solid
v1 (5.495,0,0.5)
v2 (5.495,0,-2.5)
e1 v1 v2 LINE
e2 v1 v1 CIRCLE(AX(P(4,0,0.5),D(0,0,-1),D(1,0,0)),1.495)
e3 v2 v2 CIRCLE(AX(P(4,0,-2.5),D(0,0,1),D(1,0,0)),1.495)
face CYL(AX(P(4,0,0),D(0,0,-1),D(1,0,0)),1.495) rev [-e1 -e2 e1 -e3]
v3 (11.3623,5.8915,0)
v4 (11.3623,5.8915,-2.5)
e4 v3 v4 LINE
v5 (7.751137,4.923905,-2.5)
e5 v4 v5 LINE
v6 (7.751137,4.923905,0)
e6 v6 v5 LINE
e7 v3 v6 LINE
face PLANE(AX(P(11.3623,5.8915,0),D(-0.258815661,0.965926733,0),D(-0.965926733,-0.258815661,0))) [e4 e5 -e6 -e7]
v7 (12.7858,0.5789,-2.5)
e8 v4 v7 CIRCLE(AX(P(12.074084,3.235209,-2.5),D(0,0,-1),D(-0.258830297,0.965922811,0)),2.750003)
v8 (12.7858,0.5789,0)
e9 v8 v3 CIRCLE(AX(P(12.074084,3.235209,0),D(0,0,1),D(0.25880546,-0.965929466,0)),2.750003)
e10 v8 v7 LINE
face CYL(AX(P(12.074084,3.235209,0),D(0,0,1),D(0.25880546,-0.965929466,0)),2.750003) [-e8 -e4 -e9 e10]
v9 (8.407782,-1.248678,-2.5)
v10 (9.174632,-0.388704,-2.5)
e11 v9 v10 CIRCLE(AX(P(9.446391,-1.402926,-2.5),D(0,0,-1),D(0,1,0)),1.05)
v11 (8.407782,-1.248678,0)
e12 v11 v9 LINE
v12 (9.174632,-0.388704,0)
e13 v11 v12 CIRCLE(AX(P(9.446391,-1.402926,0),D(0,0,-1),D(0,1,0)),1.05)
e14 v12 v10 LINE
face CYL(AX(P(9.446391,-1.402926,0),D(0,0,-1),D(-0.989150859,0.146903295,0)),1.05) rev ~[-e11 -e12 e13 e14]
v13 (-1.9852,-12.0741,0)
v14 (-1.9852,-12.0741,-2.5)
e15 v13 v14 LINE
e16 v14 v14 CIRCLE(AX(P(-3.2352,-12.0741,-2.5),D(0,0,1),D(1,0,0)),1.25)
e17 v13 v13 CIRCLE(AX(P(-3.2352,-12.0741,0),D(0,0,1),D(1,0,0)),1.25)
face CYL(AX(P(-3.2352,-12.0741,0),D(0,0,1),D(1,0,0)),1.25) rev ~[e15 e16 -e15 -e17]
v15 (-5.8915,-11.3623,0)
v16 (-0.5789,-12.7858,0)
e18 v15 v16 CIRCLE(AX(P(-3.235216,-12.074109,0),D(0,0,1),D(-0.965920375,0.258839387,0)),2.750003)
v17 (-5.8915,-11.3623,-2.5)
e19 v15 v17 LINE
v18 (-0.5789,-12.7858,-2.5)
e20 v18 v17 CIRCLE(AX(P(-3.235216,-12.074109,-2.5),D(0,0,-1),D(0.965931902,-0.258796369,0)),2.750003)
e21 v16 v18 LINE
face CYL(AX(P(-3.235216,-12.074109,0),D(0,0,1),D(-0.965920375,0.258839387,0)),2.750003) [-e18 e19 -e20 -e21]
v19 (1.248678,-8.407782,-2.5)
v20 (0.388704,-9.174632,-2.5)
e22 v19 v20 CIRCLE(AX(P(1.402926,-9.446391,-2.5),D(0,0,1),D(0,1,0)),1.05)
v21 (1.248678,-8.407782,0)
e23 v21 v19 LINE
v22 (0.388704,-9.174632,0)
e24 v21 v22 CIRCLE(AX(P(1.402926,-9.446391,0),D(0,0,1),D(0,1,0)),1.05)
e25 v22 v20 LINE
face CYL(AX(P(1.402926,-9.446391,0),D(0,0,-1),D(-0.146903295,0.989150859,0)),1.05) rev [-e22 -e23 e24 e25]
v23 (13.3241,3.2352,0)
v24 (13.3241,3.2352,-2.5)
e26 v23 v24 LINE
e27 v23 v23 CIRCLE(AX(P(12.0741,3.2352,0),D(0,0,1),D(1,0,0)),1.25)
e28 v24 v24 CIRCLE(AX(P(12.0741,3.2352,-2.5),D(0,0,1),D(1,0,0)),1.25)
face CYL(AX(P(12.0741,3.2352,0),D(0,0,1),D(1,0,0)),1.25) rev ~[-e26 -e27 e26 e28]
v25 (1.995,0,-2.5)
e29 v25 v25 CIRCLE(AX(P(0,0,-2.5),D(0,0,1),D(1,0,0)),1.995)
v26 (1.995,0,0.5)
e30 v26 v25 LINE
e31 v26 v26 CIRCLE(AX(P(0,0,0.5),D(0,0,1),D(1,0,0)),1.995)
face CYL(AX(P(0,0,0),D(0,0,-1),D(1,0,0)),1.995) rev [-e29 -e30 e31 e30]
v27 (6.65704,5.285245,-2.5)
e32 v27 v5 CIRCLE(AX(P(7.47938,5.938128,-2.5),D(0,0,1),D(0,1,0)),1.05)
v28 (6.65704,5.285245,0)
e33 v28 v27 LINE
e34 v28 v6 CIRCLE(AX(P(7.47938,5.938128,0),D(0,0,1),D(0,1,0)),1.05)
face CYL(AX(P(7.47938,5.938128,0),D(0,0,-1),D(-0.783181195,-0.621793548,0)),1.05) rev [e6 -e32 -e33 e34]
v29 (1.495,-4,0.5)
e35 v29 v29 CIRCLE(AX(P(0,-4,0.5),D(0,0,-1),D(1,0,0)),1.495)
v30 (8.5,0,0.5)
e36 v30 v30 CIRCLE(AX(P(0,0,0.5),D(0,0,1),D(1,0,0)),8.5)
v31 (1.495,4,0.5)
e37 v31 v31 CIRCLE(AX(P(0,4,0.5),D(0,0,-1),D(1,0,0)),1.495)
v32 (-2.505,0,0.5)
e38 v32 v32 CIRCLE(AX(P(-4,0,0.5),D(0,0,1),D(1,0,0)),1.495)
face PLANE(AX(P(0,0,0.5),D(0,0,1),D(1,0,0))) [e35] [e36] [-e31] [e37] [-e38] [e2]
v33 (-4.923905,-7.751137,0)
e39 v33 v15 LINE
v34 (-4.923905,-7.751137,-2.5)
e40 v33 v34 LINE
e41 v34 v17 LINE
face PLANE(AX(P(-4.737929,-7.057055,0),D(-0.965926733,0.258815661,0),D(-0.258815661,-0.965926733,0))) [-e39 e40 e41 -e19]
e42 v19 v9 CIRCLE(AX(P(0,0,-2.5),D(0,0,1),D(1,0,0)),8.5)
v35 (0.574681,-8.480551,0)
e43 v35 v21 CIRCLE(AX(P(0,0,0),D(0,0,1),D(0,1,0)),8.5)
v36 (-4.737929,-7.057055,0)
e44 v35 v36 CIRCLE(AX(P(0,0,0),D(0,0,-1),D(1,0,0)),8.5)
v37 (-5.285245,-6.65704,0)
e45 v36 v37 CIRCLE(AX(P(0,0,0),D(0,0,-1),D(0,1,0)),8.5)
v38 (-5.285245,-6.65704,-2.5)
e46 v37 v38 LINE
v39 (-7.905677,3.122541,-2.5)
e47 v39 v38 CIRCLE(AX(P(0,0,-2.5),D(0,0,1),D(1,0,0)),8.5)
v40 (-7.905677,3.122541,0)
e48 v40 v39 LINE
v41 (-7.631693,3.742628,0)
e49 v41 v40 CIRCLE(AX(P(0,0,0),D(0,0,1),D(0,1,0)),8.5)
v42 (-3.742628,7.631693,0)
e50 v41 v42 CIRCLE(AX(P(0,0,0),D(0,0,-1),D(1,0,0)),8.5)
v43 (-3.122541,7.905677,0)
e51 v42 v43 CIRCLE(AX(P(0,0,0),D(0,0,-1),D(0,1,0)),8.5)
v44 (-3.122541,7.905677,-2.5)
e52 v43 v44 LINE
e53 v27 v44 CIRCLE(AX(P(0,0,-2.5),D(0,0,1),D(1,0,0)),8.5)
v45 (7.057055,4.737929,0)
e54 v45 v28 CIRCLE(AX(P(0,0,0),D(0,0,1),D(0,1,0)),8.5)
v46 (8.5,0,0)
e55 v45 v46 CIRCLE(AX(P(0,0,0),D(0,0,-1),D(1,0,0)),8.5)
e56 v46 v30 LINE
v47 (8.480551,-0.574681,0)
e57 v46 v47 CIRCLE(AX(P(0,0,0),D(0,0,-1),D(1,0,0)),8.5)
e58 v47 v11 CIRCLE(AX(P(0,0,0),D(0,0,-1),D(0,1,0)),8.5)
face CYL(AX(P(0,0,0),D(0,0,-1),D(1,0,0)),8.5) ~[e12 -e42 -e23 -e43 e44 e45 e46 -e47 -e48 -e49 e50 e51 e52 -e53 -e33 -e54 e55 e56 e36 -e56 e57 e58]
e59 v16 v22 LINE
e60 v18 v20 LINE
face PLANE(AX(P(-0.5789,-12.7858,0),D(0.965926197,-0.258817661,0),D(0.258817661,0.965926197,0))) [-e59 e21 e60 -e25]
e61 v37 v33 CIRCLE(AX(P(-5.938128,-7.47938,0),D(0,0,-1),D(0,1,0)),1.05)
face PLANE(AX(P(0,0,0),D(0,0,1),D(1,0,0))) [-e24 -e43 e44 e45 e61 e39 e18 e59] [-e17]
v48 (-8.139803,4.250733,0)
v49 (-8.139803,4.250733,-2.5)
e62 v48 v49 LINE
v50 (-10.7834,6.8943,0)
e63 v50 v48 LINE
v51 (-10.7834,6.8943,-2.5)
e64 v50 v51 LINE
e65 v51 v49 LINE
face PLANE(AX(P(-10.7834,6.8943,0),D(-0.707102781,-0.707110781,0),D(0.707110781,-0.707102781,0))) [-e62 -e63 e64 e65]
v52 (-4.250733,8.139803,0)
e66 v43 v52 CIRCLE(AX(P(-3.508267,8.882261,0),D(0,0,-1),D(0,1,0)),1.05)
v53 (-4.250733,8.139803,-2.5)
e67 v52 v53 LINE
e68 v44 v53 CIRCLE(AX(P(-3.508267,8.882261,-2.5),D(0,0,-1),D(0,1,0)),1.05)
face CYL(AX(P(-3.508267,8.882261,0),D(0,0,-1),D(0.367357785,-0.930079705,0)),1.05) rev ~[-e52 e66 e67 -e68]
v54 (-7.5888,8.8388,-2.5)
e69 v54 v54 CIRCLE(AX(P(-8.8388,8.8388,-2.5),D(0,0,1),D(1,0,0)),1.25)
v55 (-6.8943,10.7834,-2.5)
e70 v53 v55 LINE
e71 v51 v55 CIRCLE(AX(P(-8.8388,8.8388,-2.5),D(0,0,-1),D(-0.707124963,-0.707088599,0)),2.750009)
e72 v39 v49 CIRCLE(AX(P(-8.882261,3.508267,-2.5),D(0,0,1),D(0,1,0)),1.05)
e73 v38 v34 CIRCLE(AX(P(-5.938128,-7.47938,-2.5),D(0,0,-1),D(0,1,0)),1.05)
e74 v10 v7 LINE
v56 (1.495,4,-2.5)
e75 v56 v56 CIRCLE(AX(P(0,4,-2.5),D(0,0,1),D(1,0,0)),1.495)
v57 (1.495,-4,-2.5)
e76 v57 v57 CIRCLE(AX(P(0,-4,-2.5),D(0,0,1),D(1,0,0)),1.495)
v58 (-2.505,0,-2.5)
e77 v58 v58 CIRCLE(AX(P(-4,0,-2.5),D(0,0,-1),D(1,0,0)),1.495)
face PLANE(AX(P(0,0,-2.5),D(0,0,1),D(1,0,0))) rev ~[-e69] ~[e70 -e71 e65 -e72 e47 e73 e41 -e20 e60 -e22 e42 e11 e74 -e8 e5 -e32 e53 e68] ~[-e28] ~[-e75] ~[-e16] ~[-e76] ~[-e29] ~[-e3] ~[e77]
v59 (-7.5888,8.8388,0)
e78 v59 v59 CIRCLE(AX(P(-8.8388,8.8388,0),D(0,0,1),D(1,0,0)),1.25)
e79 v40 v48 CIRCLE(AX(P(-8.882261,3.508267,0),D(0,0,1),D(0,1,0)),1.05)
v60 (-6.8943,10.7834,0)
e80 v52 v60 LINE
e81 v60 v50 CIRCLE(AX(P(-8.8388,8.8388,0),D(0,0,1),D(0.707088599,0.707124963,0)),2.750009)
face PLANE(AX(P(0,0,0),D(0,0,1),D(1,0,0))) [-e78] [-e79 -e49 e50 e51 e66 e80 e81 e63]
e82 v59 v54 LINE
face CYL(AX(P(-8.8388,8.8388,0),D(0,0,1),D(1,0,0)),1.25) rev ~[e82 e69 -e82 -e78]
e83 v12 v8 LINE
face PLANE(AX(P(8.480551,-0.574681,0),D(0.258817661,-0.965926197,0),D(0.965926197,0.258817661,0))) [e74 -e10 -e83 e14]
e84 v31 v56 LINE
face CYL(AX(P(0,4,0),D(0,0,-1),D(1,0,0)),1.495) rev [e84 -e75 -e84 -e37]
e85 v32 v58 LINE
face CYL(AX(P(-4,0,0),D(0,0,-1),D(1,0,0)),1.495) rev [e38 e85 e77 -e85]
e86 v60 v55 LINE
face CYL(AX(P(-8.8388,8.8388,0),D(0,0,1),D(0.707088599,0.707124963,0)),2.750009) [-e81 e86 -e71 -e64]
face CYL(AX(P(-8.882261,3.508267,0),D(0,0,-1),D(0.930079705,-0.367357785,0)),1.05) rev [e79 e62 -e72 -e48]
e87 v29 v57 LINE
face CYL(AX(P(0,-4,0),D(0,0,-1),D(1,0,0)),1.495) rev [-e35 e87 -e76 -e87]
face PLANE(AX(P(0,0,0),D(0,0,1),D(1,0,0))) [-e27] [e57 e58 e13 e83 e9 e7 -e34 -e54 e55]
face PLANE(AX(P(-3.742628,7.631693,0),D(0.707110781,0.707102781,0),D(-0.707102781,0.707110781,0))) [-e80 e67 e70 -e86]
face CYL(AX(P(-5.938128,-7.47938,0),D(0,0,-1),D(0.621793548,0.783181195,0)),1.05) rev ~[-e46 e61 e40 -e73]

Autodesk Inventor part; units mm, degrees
ref_plane "YZ Plane" through (0, 0, 0) normal (1, 0, 0) x (0, 1, 0)
ref_plane "XZ Plane" through (0, 0, 0) normal (0, 1, 0) x (-1, 0, 0)
ref_plane "XY Plane" through (0, 0, 0) normal (0, 0, 1) x (1, 0, 0)
sketch "スケッチ1" plane through (0, 0, 0) normal (0, 0, 1) x (1, 0, 0)
  line L0 (0, 0) -> (-4, 0) construction
  circle A0 centre (-4, 0) radius 1.495
  line L1 (0, 0) -> (0, -4) construction
  circle A1 centre (0, -4) radius 1.495
  line L2 (0, 0) -> (4, 0) construction
  circle A2 centre (4, 0) radius 1.495
  line L3 (0, 0) -> (0, 4) construction
  circle A3 centre (0, 4) radius 1.495
  line L4 (0, 0) -> (-8.8388, 8.8388) construction
  circle A4 centre (-8.8388, 8.8388) radius 1.25
  line L5 (0, 0) -> (-3.2352, -12.0741) construction
  circle A5 centre (-3.2352, -12.0741) radius 1.25
  line L6 (0, 0) -> (12.0741, 3.2352) construction
  circle A6 centre (12.0741, 3.2352) radius 1.25
  circle A7 centre (0, 0) radius 8.5
  circle A8 centre (0, 0) radius 15.25
  circle A9 centre (0, 0) radius 1.995
  line L7 (0, 0) -> (-8.8388, 8.8388) construction
  line L8 (1.9445, 1.9445) -> (-6.8943, 10.7834)
  line L9 (-10.7834, 6.8943) -> (-1.9445, -1.9445)
  arc A10 (-1.9445, -1.9445) -> (1.9445, 1.9445) centre (0, 0) ccw
  arc A11 (-6.8943, 10.7834) -> (-10.7834, 6.8943) centre (-8.8388, 8.8388) ccw
  arc A12 (-5.8915, -11.3623) -> (-0.5789, -12.7858) centre (-3.2352, -12.0741) ccw
  line L10 (-2.6563, 0.7118) -> (-5.8915, -11.3623)
  line L11 (-0.5789, -12.7858) -> (2.6563, -0.7118)
  arc A13 (12.7858, 0.5789) -> (11.3623, 5.8915) centre (12.0741, 3.2352) ccw
  line L12 (0.7118, -2.6563) -> (12.7858, 0.5789)
  line L13 (11.3623, 5.8915) -> (-0.7118, 2.6563)
  point P0 (-4.4194, 4.4194)
  point P1 (-7.6317, 3.7426)
  point P2 (-4.7379, -7.057)
  point P3 (0.5747, -8.4806)
  point P4 (8.4806, -0.5747)
  point P5 (7.057, 4.7379)
  point P6 (-3.7426, 7.6317)
  dimension "d0" = 4
  dimension "d1" = 2.99
  dimension "d4" = 360
  dimension "d6" = 12.5
  dimension "d7" = 2.5
  dimension "d8" = 45
  dimension "d11" = 360
  dimension "d13" = 3.005
  dimension "d14" = 17
  dimension "d15" = 1.5
  dimension "d16" = 3.99
  dimension "d31" = 5.5
  dimension "d34" = 360
extrude "押し出し1" add sketch "スケッチ1" along normal blind 0.5 contours A0 L9 A7 L8 A3 A10 A2 A1 | L9 A10 A1 L12 L11 A7 L10 A0 | A0 L10 A7 L9 | A7 L13 A3 L8 | L11 L12 A7 | A7 L12 L11 A10 A2 L8 A3 L13 | L12 A10 L11
extrude "押し出し3" add sketch "スケッチ1" against normal blind 2.5 contours A0 L9 A7 L8 A3 A10 A2 A1 | L9 A10 A1 L12 L11 A7 L10 A0 | A0 L10 A7 L9 | L9 A11 L8 A7 | A7 L11 A12 L10 | A7 L13 A3 L8 | L11 L12 A7 | L13 A13 L12 A7 | A7 L12 L11 A10 A2 L8 A3 L13 | L12 A10 L11
thread "ねじ1" size "M3x0.5" class "6H" standard "ANSI Metric M Profile" full length
thread "ねじ2" size "M3x0.5" class "6H" standard "ANSI Metric M Profile" full length
thread "ねじ3" size "M3x0.5" class "6H" standard "ANSI Metric M Profile" full length
fillet "フィレット1" radius 1.05 6 edges at (-7.6317, 3.7426, -1.25) (-4.7379, -7.057, -1.25) (-3.7426, 7.6317, -1.25) (7.057, 4.7379, -1.25) (8.4806, -0.5747, -1.25) (0.5747, -8.4806, -1.25)
properties part number "脚中間フレームカム3" material "アルミニウム 2014-T4"
